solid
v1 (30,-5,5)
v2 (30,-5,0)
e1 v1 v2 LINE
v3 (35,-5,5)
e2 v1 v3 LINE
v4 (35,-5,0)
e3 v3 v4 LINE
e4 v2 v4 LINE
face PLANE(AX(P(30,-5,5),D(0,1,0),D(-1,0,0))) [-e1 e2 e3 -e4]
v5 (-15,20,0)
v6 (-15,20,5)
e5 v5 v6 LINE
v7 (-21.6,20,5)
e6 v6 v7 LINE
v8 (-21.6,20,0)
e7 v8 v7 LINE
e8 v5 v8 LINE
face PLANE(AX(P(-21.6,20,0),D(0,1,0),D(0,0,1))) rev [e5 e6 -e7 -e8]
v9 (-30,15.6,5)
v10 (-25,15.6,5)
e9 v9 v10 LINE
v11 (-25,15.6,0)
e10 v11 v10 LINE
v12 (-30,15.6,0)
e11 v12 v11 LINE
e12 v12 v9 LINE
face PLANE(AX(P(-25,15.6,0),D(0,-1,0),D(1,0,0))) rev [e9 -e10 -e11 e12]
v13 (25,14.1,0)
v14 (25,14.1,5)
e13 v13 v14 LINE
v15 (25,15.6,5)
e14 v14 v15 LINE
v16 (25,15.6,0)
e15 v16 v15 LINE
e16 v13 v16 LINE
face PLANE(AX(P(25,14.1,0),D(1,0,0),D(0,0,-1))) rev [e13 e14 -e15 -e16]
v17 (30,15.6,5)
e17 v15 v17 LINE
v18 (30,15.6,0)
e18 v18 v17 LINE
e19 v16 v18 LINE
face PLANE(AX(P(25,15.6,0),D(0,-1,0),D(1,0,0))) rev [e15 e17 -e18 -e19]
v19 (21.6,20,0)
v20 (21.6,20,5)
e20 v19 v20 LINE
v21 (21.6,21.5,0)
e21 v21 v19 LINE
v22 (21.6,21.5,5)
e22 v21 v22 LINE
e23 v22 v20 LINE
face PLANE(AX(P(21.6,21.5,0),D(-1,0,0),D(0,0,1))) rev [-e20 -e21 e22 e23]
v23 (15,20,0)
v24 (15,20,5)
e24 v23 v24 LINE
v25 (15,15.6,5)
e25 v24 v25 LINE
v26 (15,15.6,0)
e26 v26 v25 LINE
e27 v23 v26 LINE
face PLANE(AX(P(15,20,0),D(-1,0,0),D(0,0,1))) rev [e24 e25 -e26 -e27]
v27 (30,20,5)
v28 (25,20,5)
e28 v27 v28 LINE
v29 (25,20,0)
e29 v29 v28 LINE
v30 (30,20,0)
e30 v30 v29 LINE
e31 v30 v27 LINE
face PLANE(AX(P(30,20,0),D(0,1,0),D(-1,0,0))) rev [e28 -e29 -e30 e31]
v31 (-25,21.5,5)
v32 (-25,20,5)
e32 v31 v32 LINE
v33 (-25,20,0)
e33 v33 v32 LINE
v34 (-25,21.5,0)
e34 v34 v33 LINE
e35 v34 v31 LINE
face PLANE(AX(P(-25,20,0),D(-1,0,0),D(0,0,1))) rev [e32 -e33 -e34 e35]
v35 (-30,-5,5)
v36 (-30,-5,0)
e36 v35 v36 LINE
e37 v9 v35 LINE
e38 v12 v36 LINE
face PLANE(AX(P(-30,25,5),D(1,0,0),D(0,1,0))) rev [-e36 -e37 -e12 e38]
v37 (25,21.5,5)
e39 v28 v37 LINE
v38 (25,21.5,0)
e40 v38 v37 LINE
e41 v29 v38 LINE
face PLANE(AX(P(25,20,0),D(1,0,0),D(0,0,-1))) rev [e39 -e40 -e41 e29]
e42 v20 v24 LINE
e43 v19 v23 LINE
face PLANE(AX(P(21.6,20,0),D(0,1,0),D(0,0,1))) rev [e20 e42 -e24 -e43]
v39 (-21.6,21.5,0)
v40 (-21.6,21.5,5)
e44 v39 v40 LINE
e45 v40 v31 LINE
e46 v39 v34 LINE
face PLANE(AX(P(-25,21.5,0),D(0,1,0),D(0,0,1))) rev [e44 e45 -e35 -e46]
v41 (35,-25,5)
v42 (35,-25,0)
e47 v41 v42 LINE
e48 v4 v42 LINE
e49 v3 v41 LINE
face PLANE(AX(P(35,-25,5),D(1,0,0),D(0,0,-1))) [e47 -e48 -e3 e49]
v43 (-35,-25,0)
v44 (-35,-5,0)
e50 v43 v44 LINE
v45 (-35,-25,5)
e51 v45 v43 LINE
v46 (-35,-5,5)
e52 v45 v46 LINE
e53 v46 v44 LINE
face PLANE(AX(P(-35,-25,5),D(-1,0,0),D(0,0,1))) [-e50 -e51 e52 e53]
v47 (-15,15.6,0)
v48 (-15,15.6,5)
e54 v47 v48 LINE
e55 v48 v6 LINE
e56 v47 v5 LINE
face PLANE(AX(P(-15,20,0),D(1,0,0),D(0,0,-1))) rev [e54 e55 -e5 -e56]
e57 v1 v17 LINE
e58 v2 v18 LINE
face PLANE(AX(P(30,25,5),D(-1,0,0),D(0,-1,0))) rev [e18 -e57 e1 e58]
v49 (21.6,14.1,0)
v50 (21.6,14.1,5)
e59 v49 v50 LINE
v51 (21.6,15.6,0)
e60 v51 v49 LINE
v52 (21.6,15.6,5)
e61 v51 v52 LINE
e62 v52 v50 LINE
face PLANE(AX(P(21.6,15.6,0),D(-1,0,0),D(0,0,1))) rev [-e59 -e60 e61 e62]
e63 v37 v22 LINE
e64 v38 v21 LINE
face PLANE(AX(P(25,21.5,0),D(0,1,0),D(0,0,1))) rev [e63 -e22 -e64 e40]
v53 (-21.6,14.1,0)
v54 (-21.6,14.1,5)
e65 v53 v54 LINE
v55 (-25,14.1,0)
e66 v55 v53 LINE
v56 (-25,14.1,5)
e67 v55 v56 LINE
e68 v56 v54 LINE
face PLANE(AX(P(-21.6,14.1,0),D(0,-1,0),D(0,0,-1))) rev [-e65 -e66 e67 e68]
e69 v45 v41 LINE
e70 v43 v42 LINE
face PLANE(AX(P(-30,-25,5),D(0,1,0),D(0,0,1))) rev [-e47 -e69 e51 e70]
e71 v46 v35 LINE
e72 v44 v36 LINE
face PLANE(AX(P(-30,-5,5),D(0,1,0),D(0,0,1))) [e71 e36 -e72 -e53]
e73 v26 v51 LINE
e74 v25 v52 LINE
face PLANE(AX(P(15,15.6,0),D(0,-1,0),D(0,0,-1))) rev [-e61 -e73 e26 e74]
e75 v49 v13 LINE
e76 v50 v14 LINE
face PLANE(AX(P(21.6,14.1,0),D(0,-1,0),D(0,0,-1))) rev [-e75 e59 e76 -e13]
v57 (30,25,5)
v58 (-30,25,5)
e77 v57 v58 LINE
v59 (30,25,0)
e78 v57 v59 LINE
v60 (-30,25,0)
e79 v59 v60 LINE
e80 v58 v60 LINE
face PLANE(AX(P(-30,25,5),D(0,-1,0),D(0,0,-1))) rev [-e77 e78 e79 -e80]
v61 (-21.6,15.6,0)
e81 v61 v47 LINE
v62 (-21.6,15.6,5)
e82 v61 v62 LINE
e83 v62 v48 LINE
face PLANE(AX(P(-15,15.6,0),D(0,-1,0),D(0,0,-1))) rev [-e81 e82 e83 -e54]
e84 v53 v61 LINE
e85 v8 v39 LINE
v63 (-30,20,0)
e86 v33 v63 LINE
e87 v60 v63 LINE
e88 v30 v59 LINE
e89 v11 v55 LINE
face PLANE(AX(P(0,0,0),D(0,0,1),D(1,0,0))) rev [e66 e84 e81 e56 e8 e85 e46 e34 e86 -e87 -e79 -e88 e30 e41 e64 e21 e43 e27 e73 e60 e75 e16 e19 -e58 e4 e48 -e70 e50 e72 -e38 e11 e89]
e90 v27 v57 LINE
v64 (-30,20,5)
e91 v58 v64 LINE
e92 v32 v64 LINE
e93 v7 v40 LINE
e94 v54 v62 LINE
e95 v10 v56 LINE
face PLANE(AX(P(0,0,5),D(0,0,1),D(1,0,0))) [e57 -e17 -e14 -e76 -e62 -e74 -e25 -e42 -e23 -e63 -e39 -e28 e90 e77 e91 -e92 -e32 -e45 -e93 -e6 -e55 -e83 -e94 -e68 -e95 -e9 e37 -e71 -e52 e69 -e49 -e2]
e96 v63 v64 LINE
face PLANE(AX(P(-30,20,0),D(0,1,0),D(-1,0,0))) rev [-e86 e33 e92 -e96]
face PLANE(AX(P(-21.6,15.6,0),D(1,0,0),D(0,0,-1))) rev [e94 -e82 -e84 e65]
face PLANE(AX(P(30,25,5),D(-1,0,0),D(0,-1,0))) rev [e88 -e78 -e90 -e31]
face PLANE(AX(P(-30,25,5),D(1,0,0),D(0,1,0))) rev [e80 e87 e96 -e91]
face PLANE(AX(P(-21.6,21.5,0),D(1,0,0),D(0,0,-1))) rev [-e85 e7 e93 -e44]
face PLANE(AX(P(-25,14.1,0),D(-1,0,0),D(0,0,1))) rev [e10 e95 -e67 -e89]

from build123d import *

# Parameters (mm, degrees)
SKETCH1_W           = 60
SKETCH1_H           = 50
BOSS_EXTRUDE1_DEPTH = 5
CUT_EXTRUDE1_DEPTH  = 5
SKETCH6_W           = 5
SKETCH6_H           = 20
BOSS_EXTRUDE2_DEPTH = 5


with BuildPart() as part:
    # Sketch1 → Boss-Extrude1 (new body)
    with BuildSketch(Plane.XY):
        Rectangle(SKETCH1_W, SKETCH1_H)
    extrude(amount=BOSS_EXTRUDE1_DEPTH)

    # Sketch5 → Cut-Extrude1 (cut)
    with BuildSketch(Plane.XY.offset(5)):
        Polygon((-30, 15.6), (-30, 20), (-25, 20), (-25, 21.5), (-21.6, 21.5), (-21.6, 20), (-15, 20), (-15, 15.6), (-21.6, 15.6), (-21.6, 14.1), (-25, 14.1), (-25, 15.6), align=None)
        Polygon((30, 20), (25, 20), (25, 21.5), (21.6, 21.5), (21.6, 20), (15, 20), (15, 15.6), (21.6, 15.6), (21.6, 14.1), (25, 14.1), (25, 15.6), (30, 15.6), align=None)
    extrude(amount=-CUT_EXTRUDE1_DEPTH, mode=Mode.SUBTRACT)

    # Sketch6 → Boss-Extrude2 (add)
    with BuildSketch(Plane(origin=(0, 0, 0), x_dir=(-1, 0, 0), z_dir=(0, 0, -1))):
        with Locations((-32.5, -15)):
            Rectangle(SKETCH6_W, SKETCH6_H)
        with Locations((32.5, -15)):
            Rectangle(SKETCH6_W, SKETCH6_H)
    extrude(amount=-BOSS_EXTRUDE2_DEPTH)


solid = part.part
